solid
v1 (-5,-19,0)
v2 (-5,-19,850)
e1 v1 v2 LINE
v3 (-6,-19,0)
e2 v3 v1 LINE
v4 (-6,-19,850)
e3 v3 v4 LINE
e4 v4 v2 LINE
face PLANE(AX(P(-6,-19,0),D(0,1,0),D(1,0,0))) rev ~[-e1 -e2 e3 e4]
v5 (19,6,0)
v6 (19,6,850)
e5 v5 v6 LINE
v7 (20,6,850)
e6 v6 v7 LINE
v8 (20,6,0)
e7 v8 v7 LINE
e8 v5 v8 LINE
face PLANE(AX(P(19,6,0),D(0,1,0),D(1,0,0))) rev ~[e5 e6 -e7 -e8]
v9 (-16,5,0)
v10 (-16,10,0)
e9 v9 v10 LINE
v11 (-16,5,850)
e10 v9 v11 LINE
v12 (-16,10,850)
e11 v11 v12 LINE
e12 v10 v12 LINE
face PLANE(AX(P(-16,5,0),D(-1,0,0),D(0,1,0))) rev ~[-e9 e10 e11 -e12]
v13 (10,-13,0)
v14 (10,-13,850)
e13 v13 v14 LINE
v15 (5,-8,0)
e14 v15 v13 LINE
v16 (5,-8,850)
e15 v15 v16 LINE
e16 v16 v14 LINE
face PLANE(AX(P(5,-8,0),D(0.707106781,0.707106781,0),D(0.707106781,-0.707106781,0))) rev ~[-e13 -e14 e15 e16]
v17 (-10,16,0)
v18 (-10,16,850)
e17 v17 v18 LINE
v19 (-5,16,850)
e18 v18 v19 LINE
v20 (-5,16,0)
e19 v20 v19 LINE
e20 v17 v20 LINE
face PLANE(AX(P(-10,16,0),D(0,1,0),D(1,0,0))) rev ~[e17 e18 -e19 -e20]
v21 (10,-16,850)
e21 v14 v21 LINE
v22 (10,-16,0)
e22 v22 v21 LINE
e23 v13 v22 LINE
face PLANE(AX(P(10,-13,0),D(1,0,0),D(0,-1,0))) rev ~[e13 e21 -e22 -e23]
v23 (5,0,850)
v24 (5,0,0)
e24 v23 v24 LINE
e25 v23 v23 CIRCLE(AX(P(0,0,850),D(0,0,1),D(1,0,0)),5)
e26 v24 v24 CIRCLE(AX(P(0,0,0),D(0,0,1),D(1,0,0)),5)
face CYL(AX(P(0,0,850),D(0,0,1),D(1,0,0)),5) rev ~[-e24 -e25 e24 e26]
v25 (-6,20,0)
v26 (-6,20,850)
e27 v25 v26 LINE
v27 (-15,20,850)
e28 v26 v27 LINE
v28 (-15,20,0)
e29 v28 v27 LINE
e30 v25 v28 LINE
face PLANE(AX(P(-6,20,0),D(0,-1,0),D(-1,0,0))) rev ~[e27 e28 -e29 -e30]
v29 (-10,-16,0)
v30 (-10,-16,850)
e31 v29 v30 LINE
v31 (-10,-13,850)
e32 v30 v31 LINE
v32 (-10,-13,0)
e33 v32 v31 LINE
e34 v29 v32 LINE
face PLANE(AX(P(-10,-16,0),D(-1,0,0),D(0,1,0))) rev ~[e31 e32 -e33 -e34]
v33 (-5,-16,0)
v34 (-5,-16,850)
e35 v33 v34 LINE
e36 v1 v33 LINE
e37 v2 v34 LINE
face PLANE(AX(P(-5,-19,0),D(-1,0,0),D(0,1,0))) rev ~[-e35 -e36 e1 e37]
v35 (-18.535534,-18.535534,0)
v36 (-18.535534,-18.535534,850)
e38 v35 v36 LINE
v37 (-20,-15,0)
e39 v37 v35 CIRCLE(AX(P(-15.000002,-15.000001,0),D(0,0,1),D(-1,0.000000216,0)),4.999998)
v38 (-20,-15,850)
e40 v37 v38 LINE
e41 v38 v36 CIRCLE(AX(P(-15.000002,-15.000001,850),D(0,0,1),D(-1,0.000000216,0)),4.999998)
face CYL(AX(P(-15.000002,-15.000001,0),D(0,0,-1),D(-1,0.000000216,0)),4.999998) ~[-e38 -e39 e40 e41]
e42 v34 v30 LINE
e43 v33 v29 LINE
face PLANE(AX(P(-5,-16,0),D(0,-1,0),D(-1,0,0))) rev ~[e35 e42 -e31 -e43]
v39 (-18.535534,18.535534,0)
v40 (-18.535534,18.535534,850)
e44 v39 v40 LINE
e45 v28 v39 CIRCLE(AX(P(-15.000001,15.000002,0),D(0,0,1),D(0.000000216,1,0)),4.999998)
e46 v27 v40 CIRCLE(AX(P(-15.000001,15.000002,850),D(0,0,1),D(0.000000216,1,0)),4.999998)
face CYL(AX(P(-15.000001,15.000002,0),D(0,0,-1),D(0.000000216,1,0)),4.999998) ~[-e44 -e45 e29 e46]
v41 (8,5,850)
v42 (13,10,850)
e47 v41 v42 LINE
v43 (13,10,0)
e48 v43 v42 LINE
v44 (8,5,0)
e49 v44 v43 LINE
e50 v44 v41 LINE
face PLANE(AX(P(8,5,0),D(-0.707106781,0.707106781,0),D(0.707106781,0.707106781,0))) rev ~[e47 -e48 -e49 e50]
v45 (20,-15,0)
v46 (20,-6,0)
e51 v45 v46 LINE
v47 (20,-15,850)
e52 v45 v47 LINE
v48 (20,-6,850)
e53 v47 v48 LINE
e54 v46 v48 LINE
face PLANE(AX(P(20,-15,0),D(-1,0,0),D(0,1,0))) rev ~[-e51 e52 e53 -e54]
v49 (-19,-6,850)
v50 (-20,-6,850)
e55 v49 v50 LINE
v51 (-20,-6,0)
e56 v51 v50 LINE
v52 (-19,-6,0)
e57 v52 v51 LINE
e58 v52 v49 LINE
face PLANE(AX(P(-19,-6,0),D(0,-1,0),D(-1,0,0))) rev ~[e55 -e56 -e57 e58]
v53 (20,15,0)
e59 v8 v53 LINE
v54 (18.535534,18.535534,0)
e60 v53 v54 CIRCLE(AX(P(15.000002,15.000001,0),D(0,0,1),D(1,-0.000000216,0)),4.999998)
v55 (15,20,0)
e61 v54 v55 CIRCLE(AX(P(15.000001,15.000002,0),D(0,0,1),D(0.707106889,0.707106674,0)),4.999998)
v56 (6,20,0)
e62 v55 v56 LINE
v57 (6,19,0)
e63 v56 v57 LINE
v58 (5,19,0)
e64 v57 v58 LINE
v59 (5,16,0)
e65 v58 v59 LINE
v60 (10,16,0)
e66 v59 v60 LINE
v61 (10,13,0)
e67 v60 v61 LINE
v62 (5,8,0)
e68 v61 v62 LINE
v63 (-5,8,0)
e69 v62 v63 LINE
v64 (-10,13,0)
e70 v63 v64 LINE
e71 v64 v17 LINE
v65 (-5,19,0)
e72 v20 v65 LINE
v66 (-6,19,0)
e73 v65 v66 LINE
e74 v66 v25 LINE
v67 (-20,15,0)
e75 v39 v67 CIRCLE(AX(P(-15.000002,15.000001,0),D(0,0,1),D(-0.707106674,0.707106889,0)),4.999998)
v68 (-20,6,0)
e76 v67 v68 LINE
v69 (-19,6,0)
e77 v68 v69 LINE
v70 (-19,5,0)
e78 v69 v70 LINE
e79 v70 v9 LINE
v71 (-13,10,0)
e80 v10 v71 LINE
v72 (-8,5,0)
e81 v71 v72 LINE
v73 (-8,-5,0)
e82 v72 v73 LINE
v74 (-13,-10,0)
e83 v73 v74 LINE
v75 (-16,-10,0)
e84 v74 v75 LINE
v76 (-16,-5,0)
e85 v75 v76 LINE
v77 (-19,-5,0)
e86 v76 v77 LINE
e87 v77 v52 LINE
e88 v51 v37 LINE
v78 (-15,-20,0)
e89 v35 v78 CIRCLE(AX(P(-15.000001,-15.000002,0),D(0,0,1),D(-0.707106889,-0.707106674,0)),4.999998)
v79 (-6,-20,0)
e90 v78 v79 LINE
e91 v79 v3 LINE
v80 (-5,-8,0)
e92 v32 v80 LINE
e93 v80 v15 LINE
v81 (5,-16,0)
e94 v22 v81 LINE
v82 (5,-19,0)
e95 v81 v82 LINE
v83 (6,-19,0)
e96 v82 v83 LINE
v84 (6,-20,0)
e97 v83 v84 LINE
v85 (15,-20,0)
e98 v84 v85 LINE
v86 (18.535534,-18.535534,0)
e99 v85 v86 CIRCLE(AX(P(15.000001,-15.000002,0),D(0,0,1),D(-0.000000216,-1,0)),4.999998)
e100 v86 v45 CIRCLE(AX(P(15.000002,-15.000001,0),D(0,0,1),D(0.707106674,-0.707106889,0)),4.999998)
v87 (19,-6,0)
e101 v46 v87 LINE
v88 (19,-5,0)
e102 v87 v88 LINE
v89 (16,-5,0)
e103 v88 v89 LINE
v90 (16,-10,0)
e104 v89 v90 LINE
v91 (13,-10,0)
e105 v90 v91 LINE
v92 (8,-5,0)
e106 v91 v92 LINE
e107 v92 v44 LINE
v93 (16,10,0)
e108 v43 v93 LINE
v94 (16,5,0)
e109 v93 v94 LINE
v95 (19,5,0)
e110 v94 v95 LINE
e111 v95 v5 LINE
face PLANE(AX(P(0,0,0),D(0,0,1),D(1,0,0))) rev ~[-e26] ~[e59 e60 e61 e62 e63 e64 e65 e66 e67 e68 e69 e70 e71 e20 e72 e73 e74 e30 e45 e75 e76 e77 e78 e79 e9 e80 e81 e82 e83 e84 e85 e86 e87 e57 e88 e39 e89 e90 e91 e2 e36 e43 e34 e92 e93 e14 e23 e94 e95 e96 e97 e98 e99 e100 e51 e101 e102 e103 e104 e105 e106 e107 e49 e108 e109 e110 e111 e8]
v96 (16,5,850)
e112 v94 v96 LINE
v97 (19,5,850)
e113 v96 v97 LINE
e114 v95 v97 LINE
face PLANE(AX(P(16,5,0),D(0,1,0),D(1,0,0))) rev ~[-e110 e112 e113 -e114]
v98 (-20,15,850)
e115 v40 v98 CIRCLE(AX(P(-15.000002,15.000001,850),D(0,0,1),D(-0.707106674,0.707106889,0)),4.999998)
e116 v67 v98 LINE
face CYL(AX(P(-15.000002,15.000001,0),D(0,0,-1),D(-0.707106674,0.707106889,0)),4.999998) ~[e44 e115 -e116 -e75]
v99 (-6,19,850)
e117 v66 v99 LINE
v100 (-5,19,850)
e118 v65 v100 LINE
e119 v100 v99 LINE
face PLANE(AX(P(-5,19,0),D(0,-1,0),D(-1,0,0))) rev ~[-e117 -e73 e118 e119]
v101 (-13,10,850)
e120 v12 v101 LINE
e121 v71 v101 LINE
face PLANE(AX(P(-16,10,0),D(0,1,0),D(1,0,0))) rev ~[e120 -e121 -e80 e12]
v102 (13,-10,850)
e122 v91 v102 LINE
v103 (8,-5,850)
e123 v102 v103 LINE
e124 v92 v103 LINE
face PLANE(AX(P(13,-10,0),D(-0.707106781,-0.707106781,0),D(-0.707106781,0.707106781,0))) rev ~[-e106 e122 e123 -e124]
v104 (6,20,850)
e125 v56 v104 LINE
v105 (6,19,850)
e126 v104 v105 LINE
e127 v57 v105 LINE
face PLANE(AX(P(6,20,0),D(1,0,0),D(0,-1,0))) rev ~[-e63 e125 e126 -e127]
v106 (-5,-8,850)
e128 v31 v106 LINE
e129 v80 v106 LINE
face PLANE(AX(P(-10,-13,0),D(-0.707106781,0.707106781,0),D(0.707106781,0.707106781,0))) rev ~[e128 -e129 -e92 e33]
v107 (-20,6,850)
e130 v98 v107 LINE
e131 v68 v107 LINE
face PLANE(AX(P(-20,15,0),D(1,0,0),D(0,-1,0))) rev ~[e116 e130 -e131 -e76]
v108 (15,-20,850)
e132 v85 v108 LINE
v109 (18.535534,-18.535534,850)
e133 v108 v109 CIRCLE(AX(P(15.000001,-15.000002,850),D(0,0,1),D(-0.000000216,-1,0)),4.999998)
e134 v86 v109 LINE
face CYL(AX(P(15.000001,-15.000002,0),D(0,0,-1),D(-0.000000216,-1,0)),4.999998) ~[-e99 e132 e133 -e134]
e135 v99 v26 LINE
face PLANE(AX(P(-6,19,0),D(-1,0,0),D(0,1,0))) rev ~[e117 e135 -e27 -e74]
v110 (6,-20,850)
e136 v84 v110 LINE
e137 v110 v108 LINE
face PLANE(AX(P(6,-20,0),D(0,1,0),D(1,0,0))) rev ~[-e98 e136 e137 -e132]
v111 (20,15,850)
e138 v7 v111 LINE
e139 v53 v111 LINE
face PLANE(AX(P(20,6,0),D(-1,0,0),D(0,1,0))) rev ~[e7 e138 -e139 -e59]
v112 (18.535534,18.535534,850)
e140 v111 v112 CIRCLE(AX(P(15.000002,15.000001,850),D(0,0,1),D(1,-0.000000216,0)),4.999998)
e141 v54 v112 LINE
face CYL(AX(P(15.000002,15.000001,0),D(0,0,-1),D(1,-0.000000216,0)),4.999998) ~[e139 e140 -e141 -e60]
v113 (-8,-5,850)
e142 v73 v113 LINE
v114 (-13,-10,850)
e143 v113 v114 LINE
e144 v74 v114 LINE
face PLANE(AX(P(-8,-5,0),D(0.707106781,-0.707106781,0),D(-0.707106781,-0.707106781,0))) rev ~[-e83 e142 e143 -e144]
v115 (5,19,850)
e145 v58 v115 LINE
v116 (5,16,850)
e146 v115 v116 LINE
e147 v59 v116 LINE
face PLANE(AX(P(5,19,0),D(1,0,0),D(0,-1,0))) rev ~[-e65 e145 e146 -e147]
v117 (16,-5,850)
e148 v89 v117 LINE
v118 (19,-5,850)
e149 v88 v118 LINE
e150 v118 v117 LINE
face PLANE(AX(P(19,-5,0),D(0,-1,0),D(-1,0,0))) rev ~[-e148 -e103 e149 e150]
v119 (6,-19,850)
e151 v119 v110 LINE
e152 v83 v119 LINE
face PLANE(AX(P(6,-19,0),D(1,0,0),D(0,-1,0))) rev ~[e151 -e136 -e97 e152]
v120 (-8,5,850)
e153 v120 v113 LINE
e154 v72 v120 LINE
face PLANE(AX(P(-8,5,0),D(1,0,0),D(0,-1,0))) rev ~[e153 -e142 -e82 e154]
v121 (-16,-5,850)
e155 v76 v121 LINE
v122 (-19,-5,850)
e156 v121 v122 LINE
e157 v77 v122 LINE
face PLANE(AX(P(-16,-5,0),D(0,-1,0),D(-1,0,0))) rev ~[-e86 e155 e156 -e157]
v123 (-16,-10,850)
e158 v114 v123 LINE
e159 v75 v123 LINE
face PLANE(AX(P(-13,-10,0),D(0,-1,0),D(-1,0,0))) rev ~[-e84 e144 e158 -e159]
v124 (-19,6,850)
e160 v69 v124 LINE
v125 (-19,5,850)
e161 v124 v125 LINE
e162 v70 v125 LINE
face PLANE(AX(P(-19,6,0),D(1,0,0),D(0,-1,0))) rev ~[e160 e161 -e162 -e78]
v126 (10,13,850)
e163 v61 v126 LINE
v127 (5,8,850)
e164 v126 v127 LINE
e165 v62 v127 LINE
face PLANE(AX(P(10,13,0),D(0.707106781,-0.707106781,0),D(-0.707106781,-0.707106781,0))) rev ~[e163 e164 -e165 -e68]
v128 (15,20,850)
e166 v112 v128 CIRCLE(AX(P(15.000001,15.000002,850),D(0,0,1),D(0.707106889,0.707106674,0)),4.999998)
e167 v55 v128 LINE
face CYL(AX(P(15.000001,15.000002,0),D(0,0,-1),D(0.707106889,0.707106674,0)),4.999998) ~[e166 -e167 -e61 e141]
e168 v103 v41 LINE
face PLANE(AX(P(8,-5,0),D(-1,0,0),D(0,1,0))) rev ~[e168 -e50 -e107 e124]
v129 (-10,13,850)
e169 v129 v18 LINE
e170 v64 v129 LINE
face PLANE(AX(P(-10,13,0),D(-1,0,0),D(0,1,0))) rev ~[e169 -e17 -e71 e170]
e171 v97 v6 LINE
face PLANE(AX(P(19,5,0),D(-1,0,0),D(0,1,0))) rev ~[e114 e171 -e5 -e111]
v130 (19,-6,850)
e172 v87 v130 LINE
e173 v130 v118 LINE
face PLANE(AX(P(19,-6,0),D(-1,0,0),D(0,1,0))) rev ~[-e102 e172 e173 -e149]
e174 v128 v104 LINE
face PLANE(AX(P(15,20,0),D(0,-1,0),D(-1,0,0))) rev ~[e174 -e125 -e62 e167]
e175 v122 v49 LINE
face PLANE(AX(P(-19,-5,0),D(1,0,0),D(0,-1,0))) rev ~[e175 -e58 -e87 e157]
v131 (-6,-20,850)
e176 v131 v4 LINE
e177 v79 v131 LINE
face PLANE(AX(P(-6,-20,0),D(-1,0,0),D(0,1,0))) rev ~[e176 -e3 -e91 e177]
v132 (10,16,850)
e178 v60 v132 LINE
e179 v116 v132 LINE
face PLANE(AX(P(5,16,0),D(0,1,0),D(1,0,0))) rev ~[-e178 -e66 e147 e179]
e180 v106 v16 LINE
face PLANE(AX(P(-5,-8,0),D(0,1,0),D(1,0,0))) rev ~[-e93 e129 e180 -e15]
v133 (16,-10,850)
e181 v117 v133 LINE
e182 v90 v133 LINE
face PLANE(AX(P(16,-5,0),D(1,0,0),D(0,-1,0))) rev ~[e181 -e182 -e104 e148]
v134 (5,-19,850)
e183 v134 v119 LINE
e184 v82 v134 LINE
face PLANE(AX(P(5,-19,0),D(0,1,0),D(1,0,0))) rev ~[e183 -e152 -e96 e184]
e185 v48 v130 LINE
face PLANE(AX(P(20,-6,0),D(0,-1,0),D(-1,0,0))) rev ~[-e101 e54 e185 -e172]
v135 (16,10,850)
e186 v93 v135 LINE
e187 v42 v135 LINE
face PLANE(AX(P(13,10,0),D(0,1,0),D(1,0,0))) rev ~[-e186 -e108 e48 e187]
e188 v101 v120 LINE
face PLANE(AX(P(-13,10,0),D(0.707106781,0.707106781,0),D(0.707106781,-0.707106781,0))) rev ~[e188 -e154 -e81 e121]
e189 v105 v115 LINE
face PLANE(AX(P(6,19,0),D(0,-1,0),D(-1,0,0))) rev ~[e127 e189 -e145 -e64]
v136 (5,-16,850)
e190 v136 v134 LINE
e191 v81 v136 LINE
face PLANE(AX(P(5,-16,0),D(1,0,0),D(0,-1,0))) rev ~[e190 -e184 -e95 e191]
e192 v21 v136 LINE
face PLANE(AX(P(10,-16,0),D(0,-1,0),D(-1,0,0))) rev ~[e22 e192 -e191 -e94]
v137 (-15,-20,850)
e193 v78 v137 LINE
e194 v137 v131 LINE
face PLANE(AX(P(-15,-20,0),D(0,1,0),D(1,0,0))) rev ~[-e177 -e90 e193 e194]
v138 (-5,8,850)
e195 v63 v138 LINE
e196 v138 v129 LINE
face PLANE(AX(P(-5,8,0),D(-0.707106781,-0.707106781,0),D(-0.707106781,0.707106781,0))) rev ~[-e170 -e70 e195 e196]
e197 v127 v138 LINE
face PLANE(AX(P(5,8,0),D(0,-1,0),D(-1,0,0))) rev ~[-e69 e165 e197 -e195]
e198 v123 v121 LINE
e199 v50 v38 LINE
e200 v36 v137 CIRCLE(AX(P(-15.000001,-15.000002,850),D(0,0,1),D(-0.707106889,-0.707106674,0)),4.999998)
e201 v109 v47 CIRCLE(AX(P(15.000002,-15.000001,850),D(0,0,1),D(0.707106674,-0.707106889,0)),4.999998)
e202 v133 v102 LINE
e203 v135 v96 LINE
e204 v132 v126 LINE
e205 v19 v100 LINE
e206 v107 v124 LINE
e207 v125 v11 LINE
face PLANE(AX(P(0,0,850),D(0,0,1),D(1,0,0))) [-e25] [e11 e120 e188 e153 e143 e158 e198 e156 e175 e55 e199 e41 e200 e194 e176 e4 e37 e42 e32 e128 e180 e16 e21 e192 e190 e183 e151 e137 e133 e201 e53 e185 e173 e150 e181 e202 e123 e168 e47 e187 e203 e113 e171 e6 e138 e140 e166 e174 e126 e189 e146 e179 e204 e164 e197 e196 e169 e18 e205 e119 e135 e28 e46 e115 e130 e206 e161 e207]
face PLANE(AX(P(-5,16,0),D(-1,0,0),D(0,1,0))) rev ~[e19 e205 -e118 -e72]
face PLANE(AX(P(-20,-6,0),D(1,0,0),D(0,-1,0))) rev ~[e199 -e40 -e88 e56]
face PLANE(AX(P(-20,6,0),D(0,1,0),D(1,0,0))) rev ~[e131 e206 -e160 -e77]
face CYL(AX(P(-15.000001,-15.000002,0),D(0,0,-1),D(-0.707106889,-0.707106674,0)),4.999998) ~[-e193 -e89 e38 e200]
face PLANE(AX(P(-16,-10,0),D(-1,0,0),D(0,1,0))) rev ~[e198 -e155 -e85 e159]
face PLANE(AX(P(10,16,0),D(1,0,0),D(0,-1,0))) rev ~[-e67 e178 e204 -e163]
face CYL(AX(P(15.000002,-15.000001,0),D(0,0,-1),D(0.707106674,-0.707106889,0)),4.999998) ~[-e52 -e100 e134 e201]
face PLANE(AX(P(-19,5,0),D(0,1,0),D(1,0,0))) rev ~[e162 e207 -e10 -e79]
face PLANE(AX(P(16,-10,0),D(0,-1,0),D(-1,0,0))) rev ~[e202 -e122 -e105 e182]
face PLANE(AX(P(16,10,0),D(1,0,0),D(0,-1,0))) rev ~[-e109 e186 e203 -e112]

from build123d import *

# Parameters (mm, degrees)
F1_DEPTH = 850
F2_R     = 5
F3_DEPTH = 850


with BuildPart() as f1:
    # F0 (on Top) → F1 (new body)
    with BuildSketch(Plane.XY):
        with BuildLine():
            Line((8, -5), (8, 0))
            Line((8, 0), (8, 5))
            Line((8, 5), (13, 10))
            Line((13, 10), (16, 10))
            Line((16, 10), (16, 5))
            Line((16, 5), (19, 5))
            Line((19, 5), (19, 6))
            Line((19, 6), (20, 6))
            Line((20, 6), (20, 15))
            ThreePointArc((20, 15), (19.619398, 16.913417), (18.535534, 18.535534))
            ThreePointArc((18.535534, 18.535534), (16.913417, 19.619398), (15, 20))
            Line((15, 20), (6, 20))
            Line((6, 20), (6, 19))
            Line((6, 19), (5, 19))
            Line((5, 19), (5, 16))
            Line((5, 16), (10, 16))
            Line((10, 16), (10, 13))
            Line((10, 13), (5, 8))
            Line((5, 8), (0, 8))
            Line((0, 8), (-5, 8))
            Line((-5, 8), (-10, 13))
            Line((-10, 13), (-10, 16))
            Line((-10, 16), (-5, 16))
            Line((-5, 16), (-5, 19))
            Line((-5, 19), (-6, 19))
            Line((-6, 19), (-6, 20))
            Line((-6, 20), (-15, 20))
            ThreePointArc((-15, 20), (-16.913417, 19.619398), (-18.535534, 18.535534))
            ThreePointArc((-18.535534, 18.535534), (-19.619398, 16.913417), (-20, 15))
            Line((-20, 15), (-20, 6))
            Line((-20, 6), (-19, 6))
            Line((-19, 6), (-19, 5))
            Line((-19, 5), (-16, 5))
            Line((-16, 5), (-16, 10))
            Line((-16, 10), (-13, 10))
            Line((-13, 10), (-8, 5))
            Line((-8, 5), (-8, 0))
            Line((-8, 0), (-8, -5))
            Line((-8, -5), (-13, -10))
            Line((-13, -10), (-16, -10))
            Line((-16, -10), (-16, -5))
            Line((-16, -5), (-19, -5))
            Line((-19, -5), (-19, -6))
            Line((-19, -6), (-20, -6))
            Line((-20, -6), (-20, -15))
            ThreePointArc((-20, -15), (-19.619398, -16.913417), (-18.535534, -18.535534))
            ThreePointArc((-18.535534, -18.535534), (-16.913417, -19.619398), (-15, -20))
            Line((-15, -20), (-6, -20))
            Line((-6, -20), (-6, -19))
            Line((-6, -19), (-5, -19))
            Line((-5, -19), (-5, -16))
            Line((-5, -16), (-10, -16))
            Line((-10, -16), (-10, -13))
            Line((-10, -13), (-5, -8))
            Line((-5, -8), (0, -8))
            Line((0, -8), (5, -8))
            Line((5, -8), (10, -13))
            Line((10, -13), (10, -16))
            Line((10, -16), (5, -16))
            Line((5, -16), (5, -19))
            Line((5, -19), (6, -19))
            Line((6, -19), (6, -20))
            Line((6, -20), (15, -20))
            ThreePointArc((15, -20), (16.913417, -19.619398), (18.535534, -18.535534))
            ThreePointArc((18.535534, -18.535534), (19.619398, -16.913417), (20, -15))
            Line((20, -15), (20, -6))
            Line((20, -6), (19, -6))
            Line((19, -6), (19, -5))
            Line((19, -5), (16, -5))
            Line((16, -5), (16, -10))
            Line((16, -10), (13, -10))
            Line((13, -10), (8, -5))
        make_face()
    extrude(amount=F1_DEPTH)

    # F2 (on face) → F3 (cut, through all)
    with BuildSketch(Plane.XY.offset(850)):
        Circle(F2_R)
    extrude(amount=-F3_DEPTH, mode=Mode.SUBTRACT)


solid = f1.part
